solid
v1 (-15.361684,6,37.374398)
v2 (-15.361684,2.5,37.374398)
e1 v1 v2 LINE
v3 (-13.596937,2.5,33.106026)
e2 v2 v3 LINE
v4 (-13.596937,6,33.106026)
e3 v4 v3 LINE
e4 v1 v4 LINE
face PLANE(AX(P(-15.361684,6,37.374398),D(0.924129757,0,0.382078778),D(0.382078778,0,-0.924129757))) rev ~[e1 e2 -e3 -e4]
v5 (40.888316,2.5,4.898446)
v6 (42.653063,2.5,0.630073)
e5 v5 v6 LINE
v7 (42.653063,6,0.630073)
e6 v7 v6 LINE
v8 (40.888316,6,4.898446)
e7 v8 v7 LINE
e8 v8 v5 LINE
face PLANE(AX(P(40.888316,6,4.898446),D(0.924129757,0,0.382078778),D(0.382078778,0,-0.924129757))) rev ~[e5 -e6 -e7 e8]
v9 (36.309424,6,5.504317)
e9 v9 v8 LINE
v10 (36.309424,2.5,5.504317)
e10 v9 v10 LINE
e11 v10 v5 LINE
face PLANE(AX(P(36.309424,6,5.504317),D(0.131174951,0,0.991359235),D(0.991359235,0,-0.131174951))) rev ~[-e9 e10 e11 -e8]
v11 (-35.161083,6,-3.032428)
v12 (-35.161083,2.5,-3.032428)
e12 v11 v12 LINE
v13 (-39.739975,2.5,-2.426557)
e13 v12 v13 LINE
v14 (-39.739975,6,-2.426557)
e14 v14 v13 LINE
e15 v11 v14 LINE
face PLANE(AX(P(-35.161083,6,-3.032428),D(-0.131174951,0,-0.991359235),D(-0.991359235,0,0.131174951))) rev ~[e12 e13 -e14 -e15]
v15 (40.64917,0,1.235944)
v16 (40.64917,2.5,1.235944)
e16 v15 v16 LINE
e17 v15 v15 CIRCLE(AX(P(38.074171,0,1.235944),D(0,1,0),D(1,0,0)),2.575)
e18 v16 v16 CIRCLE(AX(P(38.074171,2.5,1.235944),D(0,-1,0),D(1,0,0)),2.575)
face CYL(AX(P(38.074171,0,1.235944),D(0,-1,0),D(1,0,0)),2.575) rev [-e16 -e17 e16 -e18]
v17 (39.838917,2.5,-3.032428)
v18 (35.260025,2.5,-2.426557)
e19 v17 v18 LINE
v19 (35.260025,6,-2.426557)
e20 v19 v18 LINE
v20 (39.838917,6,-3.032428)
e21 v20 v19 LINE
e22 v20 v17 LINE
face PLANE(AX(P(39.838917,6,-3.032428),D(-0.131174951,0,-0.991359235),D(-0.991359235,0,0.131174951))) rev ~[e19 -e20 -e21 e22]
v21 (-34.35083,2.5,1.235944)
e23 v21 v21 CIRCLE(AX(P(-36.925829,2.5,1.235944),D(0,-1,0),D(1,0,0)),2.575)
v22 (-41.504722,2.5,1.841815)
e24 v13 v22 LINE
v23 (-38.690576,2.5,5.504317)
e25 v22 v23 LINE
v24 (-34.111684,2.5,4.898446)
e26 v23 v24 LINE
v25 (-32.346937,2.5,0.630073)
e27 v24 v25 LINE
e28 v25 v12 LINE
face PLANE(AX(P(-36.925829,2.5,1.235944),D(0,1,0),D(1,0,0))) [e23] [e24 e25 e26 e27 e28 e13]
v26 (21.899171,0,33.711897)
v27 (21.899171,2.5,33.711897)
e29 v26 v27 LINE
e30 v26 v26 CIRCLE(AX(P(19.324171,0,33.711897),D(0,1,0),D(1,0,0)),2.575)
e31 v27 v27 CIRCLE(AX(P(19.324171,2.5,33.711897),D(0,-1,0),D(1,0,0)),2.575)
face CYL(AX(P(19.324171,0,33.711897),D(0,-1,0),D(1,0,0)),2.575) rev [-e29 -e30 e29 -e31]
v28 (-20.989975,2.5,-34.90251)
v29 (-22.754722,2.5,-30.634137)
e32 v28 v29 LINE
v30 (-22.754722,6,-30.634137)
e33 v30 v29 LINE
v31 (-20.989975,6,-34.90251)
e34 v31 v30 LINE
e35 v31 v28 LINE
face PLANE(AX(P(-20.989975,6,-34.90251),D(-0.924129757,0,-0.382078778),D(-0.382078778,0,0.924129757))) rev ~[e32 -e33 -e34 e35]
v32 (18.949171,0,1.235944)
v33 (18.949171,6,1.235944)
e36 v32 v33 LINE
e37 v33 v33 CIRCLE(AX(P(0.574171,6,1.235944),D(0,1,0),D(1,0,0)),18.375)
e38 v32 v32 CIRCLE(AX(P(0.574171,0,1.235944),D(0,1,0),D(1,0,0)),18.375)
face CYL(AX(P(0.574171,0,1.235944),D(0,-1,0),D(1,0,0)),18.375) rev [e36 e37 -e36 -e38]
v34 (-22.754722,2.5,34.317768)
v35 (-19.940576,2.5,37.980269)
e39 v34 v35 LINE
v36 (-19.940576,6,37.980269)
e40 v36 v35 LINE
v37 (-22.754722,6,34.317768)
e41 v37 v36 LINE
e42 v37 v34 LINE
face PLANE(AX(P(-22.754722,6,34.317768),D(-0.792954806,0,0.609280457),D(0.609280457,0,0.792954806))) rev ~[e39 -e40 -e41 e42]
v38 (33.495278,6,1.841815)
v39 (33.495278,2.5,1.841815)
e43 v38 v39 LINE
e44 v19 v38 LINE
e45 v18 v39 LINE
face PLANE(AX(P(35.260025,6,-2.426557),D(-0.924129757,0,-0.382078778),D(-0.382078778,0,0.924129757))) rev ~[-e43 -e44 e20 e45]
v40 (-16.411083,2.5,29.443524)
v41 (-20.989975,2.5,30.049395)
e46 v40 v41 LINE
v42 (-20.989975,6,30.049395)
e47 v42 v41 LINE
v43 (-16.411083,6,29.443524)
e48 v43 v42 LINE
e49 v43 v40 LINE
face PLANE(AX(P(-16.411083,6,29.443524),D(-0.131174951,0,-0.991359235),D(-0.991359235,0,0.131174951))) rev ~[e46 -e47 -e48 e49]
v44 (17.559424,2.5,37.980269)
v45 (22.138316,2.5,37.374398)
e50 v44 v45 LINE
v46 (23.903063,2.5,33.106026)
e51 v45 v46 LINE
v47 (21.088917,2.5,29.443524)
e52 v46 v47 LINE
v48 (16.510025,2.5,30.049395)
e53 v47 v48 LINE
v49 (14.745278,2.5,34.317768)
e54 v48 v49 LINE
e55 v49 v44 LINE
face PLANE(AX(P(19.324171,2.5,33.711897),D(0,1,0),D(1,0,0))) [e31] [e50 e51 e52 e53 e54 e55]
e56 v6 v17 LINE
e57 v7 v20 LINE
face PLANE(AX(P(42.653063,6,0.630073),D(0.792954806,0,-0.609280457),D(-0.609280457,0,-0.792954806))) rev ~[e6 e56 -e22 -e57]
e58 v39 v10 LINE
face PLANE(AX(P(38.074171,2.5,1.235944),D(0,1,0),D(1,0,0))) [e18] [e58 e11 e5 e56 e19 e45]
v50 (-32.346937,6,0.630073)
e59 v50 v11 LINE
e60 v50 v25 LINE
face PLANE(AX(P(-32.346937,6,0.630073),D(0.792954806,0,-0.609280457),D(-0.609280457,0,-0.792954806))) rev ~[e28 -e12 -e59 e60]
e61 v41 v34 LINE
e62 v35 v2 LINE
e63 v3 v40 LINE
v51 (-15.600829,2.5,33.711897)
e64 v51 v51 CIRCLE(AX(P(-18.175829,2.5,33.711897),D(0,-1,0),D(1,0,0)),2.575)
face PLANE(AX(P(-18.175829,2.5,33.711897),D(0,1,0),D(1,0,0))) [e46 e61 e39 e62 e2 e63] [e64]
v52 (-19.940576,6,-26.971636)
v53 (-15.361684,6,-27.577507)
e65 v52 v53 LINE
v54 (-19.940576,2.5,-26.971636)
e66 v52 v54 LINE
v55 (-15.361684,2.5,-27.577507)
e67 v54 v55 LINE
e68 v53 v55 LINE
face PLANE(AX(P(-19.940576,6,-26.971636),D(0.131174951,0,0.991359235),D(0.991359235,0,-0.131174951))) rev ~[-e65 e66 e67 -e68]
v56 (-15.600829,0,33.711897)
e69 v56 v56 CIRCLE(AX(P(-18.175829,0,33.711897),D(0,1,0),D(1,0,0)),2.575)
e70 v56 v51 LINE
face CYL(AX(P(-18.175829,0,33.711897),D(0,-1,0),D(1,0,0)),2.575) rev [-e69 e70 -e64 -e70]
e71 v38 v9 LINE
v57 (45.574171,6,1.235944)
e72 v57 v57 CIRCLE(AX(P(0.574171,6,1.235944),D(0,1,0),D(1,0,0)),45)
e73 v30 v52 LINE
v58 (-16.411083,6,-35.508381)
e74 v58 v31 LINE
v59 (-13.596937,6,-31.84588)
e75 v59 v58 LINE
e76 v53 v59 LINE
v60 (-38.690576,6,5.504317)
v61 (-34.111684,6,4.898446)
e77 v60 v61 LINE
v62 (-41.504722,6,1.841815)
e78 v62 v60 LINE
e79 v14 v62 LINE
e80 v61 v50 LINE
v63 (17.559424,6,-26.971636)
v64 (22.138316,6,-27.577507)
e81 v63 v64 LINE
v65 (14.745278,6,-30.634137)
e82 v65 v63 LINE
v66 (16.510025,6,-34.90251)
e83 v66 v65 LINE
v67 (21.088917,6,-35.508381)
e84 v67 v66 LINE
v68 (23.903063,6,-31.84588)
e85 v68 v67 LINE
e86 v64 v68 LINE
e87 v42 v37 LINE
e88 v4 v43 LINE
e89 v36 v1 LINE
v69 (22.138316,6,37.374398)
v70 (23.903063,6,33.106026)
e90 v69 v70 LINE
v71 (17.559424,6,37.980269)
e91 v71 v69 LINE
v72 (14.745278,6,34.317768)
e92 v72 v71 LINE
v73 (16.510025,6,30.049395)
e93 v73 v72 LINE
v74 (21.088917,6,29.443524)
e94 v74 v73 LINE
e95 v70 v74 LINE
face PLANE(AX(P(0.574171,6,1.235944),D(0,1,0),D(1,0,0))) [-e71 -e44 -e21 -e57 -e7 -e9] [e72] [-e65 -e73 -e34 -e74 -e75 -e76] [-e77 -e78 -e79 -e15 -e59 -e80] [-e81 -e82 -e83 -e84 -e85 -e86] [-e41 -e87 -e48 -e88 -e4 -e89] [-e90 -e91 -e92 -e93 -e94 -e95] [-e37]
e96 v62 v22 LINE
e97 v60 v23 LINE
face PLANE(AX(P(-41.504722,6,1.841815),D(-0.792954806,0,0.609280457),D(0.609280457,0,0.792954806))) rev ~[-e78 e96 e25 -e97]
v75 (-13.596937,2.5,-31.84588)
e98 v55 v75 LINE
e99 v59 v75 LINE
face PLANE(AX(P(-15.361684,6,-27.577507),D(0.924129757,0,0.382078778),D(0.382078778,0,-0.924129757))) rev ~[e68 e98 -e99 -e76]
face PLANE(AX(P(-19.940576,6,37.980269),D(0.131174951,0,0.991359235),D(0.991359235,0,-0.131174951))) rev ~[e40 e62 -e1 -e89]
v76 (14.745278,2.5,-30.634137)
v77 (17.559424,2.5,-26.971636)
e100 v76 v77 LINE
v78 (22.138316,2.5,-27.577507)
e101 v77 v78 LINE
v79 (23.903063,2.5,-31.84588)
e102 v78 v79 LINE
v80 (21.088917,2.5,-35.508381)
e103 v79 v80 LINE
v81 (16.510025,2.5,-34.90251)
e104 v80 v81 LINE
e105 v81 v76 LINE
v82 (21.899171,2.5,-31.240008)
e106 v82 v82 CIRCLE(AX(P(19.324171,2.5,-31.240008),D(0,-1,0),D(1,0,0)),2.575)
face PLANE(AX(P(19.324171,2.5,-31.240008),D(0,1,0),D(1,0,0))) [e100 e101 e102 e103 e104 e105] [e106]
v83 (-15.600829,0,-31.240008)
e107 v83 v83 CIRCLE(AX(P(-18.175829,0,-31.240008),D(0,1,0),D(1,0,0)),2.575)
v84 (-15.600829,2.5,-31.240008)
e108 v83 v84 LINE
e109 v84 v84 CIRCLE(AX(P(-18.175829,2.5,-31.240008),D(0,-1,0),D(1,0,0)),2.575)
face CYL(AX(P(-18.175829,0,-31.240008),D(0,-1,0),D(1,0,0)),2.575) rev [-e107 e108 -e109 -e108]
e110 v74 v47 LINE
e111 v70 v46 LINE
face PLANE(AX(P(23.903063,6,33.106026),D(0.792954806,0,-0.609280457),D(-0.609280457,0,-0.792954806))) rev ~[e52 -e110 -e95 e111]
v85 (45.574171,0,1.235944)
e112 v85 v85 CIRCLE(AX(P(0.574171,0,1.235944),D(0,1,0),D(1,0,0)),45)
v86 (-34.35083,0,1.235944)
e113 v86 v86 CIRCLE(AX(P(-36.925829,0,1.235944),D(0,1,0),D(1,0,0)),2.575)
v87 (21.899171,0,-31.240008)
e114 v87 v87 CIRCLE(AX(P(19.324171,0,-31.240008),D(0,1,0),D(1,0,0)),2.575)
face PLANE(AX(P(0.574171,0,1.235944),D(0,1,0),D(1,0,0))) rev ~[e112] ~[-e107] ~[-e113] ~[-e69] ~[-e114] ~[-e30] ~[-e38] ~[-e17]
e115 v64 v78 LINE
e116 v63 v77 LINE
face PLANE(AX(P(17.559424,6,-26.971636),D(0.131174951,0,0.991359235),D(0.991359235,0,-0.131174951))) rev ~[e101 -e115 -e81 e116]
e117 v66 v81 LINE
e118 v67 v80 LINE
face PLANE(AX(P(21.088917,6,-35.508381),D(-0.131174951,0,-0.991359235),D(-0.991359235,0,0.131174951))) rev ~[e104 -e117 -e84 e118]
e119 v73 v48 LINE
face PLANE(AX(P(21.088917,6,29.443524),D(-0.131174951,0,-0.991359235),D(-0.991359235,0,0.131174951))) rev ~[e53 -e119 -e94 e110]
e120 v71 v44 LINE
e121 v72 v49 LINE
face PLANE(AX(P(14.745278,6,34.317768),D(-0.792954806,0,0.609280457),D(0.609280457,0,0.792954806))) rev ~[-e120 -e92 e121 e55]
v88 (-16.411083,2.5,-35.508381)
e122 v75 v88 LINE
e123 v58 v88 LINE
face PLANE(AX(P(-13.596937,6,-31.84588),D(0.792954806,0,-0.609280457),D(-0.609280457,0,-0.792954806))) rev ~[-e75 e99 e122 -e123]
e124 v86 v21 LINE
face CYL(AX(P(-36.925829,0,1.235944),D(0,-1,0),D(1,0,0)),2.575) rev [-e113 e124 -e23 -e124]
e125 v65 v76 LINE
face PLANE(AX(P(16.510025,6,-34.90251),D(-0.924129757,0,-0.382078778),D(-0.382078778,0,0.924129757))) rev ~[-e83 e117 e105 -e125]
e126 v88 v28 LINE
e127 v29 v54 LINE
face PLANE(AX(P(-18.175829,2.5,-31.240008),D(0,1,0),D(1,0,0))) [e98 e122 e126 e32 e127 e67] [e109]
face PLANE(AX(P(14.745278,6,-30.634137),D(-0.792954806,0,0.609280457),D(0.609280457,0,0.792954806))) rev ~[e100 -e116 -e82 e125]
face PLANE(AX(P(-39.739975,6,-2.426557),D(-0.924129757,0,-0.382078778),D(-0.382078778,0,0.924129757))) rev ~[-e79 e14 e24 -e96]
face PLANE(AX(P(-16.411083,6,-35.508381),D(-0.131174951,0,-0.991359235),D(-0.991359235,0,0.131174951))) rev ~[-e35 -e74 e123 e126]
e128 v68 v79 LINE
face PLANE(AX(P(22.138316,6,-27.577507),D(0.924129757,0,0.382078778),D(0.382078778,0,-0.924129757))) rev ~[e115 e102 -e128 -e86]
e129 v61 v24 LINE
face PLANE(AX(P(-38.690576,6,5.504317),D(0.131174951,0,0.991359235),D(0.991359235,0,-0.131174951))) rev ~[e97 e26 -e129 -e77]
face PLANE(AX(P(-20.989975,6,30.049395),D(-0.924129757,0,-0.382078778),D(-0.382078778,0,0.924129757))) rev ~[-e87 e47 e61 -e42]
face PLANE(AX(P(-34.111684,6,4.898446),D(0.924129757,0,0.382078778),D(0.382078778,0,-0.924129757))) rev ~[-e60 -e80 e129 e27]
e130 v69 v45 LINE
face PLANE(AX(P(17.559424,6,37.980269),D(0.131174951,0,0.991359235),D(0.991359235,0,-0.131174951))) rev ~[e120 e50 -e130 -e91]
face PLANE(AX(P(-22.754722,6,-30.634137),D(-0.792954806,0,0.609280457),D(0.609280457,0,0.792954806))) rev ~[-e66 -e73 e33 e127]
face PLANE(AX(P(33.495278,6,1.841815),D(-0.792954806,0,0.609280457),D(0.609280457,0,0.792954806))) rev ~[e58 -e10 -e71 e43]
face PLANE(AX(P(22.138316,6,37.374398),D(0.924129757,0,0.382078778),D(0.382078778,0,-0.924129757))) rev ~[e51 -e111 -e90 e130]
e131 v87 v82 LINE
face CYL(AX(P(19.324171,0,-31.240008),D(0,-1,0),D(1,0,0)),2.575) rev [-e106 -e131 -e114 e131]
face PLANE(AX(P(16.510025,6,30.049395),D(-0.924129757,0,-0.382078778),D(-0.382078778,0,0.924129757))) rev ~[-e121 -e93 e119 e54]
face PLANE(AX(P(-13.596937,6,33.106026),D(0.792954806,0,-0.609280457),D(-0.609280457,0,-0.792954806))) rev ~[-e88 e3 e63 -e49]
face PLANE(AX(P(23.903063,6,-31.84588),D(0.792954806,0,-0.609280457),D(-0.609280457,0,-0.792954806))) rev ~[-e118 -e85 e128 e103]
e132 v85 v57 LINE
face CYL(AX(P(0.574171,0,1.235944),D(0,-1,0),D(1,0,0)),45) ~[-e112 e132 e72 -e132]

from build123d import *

# Parameters (mm, degrees)
SKETCH2_R           = 45
SKETCH2_R_2         = 18.375
BOSS_EXTRUDE1_DEPTH = 6
SKETCH2_3_R         = 2.575
CUT_EXTRUDE1_DEPTH  = 7
CUT_EXTRUDE3_START  = 6
CUT_EXTRUDE3_DEPTH  = 3.5


with BuildPart() as part:
    # Sketch2 → Boss-Extrude1 (new body)
    with BuildSketch(Plane(origin=(0, 0, 0), x_dir=(1, 0, 0), z_dir=(0, 1, 0))):
        with Locations((0.5741705, -1.235944224)):
            Circle(SKETCH2_R)
        with Locations((0.5741705, -1.235944224)):
            Circle(SKETCH2_R_2, mode=Mode.SUBTRACT)
    extrude(amount=BOSS_EXTRUDE1_DEPTH)

    # Sketch2<3> → Cut-Extrude1 (cut, through all)
    with BuildSketch(Plane(origin=(0, 0, 0), x_dir=(1, 0, 0), z_dir=(0, 1, 0))):
        with Locations((-18.1758295, 31.240008418)):
            Circle(SKETCH2_3_R)
        with Locations((19.3241705, 31.240008418)):
            Circle(SKETCH2_3_R)
        with Locations((38.0741705, -1.235944224)):
            Circle(SKETCH2_3_R)
        with Locations((19.3241705, -33.711896866)):
            Circle(SKETCH2_3_R)
        with Locations((-18.1758295, -33.711896866)):
            Circle(SKETCH2_3_R)
        with Locations((-36.9258295, -1.235944224)):
            Circle(SKETCH2_3_R)
    extrude(amount=CUT_EXTRUDE1_DEPTH, mode=Mode.SUBTRACT)

    # Sketch2<5> → Cut-Extrude3 (cut)
    with BuildSketch(Plane(origin=(0, 0, 0), x_dir=(1, 0, 0), z_dir=(0, 1, 0)).offset(CUT_EXTRUDE3_START)):
        Polygon((22.138316387, 27.577507051), (23.903062668, 31.845879563), (21.088916781, 35.508380929), (16.510024613, 34.902509784), (14.745278332, 30.634137273), (17.559424219, 26.971635906), align=None)
        Polygon((-15.361683613, 27.577507051), (-13.596937332, 31.845879563), (-16.411083219, 35.508380929), (-20.989975387, 34.902509784), (-22.754721668, 30.634137273), (-19.940575781, 26.971635906), align=None)
        Polygon((36.309424219, -5.504316736), (40.888316387, -4.898445591), (42.653062668, -0.630073079), (39.838916781, 3.032428287), (35.260024613, 2.426557142), (33.495278332, -1.841815369), align=None)
        Polygon((14.745278332, -34.317768011), (17.559424219, -37.980269378), (22.138316387, -37.374398233), (23.903062668, -33.106025721), (21.088916781, -29.443524355), (16.510024613, -30.0493955), align=None)
        Polygon((-20.989975387, -30.0493955), (-22.754721668, -34.317768011), (-19.940575781, -37.980269378), (-15.361683613, -37.374398233), (-13.596937332, -33.106025721), (-16.411083219, -29.443524355), align=None)
        Polygon((-35.161083219, 3.032428287), (-39.739975387, 2.426557142), (-41.504721668, -1.841815369), (-38.690575781, -5.504316736), (-34.111683613, -4.898445591), (-32.346937332, -0.630073079), align=None)
    extrude(amount=-CUT_EXTRUDE3_DEPTH, mode=Mode.SUBTRACT)


solid = part.part
